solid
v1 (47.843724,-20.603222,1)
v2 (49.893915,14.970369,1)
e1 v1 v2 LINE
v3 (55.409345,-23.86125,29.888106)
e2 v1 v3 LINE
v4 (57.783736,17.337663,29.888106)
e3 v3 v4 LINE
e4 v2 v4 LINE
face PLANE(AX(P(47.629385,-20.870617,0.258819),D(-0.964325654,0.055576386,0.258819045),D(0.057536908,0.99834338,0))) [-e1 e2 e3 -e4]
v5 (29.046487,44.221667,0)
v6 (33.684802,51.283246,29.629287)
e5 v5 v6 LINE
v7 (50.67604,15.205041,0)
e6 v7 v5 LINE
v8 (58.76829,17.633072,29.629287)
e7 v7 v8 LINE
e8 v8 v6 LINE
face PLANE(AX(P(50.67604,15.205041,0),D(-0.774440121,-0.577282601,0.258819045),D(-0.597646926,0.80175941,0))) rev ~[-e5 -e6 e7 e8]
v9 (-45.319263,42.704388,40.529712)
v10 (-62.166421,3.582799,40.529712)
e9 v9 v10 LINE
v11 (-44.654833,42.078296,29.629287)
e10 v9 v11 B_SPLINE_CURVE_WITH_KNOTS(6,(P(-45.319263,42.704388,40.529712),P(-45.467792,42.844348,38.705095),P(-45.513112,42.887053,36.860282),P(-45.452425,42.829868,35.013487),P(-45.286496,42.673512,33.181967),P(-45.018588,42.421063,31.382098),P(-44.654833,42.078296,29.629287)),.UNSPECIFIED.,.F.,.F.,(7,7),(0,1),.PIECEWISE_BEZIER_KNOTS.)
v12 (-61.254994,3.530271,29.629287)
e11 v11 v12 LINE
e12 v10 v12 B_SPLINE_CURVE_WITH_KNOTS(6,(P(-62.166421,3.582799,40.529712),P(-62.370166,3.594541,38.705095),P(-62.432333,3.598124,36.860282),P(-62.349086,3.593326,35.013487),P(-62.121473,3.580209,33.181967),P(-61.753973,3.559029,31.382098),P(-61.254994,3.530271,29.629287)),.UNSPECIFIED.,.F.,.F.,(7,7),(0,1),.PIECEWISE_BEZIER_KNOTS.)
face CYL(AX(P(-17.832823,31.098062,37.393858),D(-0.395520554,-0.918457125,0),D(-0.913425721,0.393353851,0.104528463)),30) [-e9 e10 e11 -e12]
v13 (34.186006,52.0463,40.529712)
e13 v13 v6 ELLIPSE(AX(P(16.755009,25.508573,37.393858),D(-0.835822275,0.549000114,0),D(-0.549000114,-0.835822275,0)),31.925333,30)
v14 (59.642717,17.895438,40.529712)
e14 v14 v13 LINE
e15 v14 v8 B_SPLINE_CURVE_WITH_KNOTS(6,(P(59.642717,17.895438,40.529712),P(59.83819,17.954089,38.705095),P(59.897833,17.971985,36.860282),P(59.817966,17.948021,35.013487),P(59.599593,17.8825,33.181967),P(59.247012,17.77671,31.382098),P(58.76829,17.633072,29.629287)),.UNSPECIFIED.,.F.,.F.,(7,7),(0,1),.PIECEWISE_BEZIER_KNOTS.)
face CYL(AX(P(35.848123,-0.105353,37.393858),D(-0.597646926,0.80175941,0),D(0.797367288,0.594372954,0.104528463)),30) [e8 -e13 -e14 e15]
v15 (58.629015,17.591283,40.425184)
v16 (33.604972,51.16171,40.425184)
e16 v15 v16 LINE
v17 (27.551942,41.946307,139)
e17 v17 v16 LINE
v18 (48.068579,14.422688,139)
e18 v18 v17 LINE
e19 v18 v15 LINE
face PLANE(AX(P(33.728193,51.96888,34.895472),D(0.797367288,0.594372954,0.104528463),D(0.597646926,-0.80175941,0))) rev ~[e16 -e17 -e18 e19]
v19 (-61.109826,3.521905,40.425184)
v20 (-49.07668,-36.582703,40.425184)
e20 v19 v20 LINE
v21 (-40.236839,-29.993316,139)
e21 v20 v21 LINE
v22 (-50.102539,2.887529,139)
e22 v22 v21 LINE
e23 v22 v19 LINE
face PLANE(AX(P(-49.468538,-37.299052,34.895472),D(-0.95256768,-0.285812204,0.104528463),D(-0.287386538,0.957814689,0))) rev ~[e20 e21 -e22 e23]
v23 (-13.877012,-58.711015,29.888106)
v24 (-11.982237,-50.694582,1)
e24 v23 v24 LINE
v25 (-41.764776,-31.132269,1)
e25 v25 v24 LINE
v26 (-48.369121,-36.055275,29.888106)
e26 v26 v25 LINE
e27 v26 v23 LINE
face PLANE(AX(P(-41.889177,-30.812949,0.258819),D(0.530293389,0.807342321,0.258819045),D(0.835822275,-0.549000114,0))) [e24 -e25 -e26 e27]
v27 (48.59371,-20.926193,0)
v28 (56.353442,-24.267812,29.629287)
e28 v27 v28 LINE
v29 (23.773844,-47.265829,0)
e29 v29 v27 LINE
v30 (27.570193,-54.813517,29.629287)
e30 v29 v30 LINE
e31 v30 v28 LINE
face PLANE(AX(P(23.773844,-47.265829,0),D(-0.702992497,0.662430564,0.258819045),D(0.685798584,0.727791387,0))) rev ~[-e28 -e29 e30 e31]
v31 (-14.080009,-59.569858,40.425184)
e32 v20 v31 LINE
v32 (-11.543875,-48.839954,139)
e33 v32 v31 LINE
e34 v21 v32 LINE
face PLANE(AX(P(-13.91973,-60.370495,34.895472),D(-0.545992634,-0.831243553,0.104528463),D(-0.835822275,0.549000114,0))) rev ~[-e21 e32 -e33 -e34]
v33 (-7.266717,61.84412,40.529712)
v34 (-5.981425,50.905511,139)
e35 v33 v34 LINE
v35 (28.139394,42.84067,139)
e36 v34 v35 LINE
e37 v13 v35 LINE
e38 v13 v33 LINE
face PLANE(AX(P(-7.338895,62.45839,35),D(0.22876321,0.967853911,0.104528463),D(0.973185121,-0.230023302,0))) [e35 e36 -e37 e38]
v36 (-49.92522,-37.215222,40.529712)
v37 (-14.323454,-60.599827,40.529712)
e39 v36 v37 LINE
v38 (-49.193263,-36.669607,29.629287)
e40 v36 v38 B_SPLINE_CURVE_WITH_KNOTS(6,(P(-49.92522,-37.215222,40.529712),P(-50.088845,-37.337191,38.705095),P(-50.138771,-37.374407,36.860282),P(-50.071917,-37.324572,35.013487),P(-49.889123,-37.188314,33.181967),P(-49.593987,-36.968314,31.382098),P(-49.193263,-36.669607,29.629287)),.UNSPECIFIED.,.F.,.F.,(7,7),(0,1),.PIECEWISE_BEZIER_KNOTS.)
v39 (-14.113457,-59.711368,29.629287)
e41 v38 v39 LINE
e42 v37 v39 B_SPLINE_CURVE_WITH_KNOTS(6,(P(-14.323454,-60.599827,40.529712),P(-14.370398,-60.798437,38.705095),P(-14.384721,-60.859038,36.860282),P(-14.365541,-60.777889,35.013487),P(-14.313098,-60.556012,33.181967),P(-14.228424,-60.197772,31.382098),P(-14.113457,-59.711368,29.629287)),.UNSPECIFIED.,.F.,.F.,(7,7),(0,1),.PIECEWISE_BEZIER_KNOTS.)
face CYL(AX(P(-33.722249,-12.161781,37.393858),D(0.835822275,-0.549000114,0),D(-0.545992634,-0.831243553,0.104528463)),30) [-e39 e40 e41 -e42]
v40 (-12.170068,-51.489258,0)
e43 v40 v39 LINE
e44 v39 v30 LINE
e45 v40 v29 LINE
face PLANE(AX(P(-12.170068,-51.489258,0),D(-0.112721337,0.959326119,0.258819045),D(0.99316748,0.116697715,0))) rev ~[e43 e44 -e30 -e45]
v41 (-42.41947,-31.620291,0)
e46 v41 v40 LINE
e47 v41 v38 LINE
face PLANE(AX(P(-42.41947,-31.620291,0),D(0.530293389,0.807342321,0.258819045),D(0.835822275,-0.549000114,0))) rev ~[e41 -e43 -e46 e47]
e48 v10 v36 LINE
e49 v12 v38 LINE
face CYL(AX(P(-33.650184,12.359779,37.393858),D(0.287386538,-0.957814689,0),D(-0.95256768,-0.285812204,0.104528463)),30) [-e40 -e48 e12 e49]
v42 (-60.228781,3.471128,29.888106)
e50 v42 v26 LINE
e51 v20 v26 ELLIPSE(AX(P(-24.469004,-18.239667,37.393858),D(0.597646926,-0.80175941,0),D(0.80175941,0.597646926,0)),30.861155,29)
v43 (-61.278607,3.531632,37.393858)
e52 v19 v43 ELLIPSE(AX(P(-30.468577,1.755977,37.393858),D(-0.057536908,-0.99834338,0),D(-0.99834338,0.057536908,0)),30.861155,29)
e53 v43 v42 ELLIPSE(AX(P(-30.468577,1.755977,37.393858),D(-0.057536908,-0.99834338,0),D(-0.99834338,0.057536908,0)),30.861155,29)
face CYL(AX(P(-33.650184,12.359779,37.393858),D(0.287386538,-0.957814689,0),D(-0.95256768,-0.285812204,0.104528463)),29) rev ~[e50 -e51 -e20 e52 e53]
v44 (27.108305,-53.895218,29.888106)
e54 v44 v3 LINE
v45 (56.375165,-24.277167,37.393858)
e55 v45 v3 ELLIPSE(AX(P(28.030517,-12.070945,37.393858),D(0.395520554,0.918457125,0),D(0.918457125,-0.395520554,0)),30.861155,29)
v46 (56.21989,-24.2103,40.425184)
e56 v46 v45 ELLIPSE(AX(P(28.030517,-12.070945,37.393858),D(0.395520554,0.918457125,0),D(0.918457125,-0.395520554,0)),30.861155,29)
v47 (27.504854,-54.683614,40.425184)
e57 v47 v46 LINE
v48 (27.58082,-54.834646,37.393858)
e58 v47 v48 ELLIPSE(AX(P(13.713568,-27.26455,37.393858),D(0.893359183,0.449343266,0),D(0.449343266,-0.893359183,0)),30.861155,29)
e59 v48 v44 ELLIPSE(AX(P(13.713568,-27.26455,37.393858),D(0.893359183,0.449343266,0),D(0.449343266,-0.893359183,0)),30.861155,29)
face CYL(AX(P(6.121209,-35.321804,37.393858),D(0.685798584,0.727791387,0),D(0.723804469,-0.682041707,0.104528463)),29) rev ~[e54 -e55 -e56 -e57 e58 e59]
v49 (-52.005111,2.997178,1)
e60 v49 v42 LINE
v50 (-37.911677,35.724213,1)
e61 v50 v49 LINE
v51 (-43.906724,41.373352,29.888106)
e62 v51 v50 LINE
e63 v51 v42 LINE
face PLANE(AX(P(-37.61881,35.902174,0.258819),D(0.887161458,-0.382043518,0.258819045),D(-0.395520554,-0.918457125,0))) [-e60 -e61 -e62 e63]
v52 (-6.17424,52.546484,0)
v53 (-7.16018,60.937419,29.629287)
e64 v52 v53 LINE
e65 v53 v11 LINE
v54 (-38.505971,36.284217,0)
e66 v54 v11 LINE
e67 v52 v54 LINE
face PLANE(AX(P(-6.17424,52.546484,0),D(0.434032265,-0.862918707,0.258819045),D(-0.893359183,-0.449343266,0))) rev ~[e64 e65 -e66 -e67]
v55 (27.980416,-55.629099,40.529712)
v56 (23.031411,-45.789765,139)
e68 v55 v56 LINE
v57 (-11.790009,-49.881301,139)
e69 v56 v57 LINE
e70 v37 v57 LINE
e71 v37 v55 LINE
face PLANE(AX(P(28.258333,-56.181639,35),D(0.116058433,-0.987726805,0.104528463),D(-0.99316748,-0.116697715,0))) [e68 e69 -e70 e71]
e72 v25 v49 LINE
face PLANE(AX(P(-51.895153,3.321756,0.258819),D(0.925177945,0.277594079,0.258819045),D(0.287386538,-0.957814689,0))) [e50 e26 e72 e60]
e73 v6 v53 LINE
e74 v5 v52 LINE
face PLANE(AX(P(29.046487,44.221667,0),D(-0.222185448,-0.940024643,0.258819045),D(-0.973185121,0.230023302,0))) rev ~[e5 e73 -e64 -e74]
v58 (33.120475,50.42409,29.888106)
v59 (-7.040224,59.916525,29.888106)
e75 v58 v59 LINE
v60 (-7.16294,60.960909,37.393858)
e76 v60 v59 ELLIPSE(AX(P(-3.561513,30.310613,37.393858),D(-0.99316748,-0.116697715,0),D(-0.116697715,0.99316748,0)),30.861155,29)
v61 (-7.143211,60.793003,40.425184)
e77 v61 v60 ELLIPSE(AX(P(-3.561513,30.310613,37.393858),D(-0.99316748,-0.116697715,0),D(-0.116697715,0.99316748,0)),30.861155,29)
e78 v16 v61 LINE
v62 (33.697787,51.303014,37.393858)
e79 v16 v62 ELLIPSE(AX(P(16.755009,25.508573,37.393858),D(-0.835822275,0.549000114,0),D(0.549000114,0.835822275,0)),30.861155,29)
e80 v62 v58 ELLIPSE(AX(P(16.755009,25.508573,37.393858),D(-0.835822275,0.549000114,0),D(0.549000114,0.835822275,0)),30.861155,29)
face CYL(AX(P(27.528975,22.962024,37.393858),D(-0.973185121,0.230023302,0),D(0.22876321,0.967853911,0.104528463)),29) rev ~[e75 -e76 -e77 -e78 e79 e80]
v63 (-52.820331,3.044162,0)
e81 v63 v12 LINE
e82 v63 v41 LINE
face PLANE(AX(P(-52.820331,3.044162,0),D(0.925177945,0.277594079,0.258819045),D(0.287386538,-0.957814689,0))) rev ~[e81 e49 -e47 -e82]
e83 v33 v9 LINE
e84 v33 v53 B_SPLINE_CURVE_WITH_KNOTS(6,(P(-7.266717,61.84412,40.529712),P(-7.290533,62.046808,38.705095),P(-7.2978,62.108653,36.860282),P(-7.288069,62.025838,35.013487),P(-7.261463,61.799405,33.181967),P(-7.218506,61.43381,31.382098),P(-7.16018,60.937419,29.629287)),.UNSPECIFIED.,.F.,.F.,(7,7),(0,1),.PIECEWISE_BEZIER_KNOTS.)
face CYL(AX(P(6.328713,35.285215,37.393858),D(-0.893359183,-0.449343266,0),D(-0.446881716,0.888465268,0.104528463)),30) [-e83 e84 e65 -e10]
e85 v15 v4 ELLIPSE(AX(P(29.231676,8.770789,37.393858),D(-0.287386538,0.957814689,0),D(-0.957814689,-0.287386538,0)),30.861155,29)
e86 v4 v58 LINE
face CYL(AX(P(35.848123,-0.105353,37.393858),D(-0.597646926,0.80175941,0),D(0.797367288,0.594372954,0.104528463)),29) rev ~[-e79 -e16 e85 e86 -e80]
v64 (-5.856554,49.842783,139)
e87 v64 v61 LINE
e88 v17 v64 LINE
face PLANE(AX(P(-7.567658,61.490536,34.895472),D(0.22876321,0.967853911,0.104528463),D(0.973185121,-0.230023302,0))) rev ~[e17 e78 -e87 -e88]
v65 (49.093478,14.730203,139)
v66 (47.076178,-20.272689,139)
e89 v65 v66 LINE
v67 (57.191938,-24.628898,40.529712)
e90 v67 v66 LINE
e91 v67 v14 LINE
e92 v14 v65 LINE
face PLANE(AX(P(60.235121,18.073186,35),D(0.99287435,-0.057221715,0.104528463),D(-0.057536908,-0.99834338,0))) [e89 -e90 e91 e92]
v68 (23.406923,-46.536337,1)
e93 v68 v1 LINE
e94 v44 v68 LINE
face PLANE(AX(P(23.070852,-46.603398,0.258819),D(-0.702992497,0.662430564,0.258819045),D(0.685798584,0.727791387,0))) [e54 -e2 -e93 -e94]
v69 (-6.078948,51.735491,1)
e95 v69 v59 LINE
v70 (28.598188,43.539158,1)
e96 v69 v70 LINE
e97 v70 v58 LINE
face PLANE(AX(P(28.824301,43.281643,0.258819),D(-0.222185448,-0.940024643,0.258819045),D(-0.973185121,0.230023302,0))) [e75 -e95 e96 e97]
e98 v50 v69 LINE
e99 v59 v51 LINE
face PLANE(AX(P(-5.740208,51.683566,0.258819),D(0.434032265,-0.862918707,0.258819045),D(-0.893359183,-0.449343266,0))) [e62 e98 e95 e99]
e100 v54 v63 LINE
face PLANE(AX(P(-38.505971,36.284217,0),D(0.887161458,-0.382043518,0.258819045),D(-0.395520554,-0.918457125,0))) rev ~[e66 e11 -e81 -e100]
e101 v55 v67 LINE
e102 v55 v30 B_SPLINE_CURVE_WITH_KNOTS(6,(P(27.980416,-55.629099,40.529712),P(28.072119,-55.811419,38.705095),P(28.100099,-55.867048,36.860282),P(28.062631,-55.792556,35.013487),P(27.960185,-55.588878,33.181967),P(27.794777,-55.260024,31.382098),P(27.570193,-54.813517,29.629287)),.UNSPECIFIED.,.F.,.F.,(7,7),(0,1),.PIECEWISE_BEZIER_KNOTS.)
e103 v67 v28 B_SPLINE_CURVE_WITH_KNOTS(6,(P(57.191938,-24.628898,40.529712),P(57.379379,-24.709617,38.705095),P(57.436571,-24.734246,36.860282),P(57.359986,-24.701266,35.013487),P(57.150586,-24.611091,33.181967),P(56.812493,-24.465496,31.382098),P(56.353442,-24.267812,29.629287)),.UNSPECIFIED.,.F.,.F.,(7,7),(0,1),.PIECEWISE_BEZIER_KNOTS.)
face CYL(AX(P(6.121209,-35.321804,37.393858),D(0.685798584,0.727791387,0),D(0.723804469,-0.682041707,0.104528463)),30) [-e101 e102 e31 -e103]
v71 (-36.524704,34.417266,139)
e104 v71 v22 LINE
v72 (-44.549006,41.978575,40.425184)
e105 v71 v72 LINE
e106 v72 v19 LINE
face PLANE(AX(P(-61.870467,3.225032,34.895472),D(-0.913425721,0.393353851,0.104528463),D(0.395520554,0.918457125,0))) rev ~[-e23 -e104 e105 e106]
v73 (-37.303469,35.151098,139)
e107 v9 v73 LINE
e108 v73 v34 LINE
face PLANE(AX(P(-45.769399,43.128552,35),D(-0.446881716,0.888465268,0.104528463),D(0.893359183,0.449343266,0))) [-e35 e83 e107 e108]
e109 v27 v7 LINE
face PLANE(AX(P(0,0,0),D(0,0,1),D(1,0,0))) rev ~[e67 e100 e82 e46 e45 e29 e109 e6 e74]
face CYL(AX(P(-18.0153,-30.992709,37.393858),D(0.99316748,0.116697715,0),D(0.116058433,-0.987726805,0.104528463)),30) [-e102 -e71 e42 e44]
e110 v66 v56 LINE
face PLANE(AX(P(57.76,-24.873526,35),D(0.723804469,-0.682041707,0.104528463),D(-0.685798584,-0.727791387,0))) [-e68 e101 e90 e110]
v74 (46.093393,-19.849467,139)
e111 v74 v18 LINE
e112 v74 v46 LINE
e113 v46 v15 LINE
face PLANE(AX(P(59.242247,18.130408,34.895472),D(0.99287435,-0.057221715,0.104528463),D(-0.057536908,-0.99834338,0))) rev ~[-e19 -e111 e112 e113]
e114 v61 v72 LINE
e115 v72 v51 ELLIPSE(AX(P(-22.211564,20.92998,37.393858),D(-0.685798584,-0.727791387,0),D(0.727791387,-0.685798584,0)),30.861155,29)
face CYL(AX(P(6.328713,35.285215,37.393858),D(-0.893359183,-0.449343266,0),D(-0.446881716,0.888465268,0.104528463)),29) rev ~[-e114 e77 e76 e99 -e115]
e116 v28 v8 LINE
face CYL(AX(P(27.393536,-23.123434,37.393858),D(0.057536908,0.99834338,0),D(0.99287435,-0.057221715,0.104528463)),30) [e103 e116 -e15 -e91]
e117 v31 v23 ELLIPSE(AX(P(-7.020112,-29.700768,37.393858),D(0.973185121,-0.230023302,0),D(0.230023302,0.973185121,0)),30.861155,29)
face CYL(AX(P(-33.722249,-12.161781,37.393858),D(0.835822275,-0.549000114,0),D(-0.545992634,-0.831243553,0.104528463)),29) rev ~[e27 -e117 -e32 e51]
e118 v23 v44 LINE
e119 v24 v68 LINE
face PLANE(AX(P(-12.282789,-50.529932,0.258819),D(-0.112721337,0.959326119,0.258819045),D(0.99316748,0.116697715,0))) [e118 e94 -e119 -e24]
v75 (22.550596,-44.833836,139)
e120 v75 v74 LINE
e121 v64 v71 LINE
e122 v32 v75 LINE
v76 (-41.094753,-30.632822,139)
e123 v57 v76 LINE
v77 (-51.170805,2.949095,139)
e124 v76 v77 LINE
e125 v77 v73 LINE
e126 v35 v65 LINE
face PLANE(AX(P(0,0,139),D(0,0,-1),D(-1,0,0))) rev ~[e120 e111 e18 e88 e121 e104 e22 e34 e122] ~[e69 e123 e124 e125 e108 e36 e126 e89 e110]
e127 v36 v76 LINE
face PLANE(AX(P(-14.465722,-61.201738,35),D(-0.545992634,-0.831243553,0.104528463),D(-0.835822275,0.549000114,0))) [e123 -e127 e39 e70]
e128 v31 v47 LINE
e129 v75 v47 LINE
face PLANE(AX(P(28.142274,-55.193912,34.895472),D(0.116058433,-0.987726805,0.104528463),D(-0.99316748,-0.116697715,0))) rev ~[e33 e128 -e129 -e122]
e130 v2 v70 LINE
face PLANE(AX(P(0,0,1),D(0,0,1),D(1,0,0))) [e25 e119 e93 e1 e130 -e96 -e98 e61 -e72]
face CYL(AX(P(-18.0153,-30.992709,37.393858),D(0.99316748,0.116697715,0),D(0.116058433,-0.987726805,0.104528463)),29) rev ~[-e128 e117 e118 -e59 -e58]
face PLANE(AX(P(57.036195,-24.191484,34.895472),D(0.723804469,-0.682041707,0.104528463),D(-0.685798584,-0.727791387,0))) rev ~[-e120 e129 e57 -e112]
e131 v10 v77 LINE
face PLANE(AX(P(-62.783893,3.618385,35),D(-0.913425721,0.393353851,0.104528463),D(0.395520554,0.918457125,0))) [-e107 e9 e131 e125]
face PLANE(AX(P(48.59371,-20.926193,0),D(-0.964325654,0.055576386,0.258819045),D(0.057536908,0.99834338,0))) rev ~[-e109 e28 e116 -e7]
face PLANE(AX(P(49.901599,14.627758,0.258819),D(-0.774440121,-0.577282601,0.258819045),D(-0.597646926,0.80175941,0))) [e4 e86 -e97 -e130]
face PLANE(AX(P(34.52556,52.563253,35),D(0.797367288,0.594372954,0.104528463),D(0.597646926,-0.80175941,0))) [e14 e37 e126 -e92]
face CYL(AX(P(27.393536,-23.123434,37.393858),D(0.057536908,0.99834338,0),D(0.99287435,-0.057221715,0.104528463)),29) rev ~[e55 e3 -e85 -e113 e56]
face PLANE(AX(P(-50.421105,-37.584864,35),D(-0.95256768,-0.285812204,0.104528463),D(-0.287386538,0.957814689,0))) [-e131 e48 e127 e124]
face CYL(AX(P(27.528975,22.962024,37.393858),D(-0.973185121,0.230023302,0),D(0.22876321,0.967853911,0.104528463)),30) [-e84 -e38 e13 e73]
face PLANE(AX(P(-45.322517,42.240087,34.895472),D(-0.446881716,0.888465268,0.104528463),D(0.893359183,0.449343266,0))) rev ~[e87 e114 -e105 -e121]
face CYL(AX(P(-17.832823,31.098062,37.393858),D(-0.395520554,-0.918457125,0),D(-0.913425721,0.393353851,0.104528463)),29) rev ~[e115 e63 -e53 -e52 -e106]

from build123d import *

# Parameters (mm, degrees)
SALIENTE_EXTRUIR4_DEPTH = 35
SALIENTE_EXTRUIR4_DRAFT = -15
SALIENTE_EXTRUIR5_DEPTH = 104
SALIENTE_EXTRUIR5_DRAFT = -6
REDONDEO1_R             = 30
VACIADO1_T              = -1


with BuildPart() as part:
    # Croquis1 → Saliente-Extruir4 (with draft: the straight prism first)
    with BuildSketch(Plane.XY):
        Polygon((23.773844097, -47.265828947), (48.59371037, -20.926193194), (50.676039503, 15.205040923), (29.04648655, 44.221667407), (-6.174240275, 52.546484242), (-38.505971456, 36.284217111), (-52.820330647, 3.04416154), (-42.419470096, -31.620291048), (-12.170068047, -51.489258034), align=None)
    extrude(amount=SALIENTE_EXTRUIR4_DEPTH)
    # Saliente-Extruir4: the draft: its side faces are tilted about the plane it starts from
    saliente_extruir4_sides = [part.faces().sort_by_distance(p)[0] for p in [
        (36.183777233, -34.09601107, 17.5),
        (49.634874936, -2.860576136, 17.5),
        (39.861263027, 29.713354165, 17.5),
        (11.436123138, 48.384075824, 17.5),
        (-22.340105865, 44.415350676, 17.5),
        (-45.663151051, 19.664189326, 17.5),
        (-47.619900371, -14.288064754, 17.5),
        (-27.294769071, -41.554774541, 17.5),
        (5.801888025, -49.37754349, 17.5),
    ]]
    draft(saliente_extruir4_sides, Plane.XY, SALIENTE_EXTRUIR4_DRAFT)


with BuildPart() as saliente_extruir5_tool:
    # Croquis12 → Saliente-Extruir5 (with draft: the straight prism first)
    with BuildSketch(Plane(origin=(0, 0, 35), x_dir=(-1, 0, 0), z_dir=(0, 0, -1))):
        Polygon((50.42110527, -37.584864214), (62.783892537, 3.618385358), (45.76939872, 43.128552207), (7.338894572, 62.458390158), (-34.525559909, 52.563253206), (-60.235121199, 18.073185904), (-57.759999842, -24.873525944), (-28.258332628, -56.181638564), (14.465722479, -61.201738111), align=None)
    extrude(amount=-SALIENTE_EXTRUIR5_DEPTH)
    # Saliente-Extruir5: the draft: its side faces are tilted about the plane it starts from
    saliente_extruir5_sides = [saliente_extruir5_tool.faces().sort_by_distance(p)[0] for p in [
        (-56.602498903, -16.983239428, 87),
        (-54.276645628, 23.373468782, 87),
        (-26.554146646, 52.793471182, 87),
        (13.593332668, 57.510821682, 87),
        (47.380340554, 35.318219555, 87),
        (58.997560521, -3.40017002, 87),
        (43.009166235, -40.527582254, 87),
        (6.896305074, -58.691688337, 87),
        (-32.443413875, -49.393301163, 87),
    ]]
    draft(saliente_extruir5_sides, Plane(origin=(0, 0, 35), x_dir=(-1, 0, 0), z_dir=(0, 0, -1)), SALIENTE_EXTRUIR5_DRAFT)


with BuildPart() as part_1:
    add(part.part)

    # Saliente-Extruir5: add saliente_extruir5_tool
    add(saliente_extruir5_tool.part)

    # Redondeo1
    redondeo1_edges = [part_1.edges().sort_by_distance(p)[0] for p in [
        (13.593332668, 57.510821682, 35),
        (-26.554146646, 52.793471182, 35),
        (-54.276645628, 23.373468782, 35),
        (-56.602498903, -16.983239428, 35),
        (-32.443413875, -49.393301163, 35),
        (6.896305074, -58.691688337, 35),
        (43.009166235, -40.527582254, 35),
        (58.997560521, -3.40017002, 35),
        (47.380340554, 35.318219555, 35),
    ]]
    fillet(redondeo1_edges, radius=REDONDEO1_R)

    # Vaciado1
    vaciado1_openings = [part_1.faces().sort_by_distance(p)[0] for p in [
        (0, 0, 139),
    ]]
    offset(amount=VACIADO1_T, openings=vaciado1_openings)


solid = part_1.part
